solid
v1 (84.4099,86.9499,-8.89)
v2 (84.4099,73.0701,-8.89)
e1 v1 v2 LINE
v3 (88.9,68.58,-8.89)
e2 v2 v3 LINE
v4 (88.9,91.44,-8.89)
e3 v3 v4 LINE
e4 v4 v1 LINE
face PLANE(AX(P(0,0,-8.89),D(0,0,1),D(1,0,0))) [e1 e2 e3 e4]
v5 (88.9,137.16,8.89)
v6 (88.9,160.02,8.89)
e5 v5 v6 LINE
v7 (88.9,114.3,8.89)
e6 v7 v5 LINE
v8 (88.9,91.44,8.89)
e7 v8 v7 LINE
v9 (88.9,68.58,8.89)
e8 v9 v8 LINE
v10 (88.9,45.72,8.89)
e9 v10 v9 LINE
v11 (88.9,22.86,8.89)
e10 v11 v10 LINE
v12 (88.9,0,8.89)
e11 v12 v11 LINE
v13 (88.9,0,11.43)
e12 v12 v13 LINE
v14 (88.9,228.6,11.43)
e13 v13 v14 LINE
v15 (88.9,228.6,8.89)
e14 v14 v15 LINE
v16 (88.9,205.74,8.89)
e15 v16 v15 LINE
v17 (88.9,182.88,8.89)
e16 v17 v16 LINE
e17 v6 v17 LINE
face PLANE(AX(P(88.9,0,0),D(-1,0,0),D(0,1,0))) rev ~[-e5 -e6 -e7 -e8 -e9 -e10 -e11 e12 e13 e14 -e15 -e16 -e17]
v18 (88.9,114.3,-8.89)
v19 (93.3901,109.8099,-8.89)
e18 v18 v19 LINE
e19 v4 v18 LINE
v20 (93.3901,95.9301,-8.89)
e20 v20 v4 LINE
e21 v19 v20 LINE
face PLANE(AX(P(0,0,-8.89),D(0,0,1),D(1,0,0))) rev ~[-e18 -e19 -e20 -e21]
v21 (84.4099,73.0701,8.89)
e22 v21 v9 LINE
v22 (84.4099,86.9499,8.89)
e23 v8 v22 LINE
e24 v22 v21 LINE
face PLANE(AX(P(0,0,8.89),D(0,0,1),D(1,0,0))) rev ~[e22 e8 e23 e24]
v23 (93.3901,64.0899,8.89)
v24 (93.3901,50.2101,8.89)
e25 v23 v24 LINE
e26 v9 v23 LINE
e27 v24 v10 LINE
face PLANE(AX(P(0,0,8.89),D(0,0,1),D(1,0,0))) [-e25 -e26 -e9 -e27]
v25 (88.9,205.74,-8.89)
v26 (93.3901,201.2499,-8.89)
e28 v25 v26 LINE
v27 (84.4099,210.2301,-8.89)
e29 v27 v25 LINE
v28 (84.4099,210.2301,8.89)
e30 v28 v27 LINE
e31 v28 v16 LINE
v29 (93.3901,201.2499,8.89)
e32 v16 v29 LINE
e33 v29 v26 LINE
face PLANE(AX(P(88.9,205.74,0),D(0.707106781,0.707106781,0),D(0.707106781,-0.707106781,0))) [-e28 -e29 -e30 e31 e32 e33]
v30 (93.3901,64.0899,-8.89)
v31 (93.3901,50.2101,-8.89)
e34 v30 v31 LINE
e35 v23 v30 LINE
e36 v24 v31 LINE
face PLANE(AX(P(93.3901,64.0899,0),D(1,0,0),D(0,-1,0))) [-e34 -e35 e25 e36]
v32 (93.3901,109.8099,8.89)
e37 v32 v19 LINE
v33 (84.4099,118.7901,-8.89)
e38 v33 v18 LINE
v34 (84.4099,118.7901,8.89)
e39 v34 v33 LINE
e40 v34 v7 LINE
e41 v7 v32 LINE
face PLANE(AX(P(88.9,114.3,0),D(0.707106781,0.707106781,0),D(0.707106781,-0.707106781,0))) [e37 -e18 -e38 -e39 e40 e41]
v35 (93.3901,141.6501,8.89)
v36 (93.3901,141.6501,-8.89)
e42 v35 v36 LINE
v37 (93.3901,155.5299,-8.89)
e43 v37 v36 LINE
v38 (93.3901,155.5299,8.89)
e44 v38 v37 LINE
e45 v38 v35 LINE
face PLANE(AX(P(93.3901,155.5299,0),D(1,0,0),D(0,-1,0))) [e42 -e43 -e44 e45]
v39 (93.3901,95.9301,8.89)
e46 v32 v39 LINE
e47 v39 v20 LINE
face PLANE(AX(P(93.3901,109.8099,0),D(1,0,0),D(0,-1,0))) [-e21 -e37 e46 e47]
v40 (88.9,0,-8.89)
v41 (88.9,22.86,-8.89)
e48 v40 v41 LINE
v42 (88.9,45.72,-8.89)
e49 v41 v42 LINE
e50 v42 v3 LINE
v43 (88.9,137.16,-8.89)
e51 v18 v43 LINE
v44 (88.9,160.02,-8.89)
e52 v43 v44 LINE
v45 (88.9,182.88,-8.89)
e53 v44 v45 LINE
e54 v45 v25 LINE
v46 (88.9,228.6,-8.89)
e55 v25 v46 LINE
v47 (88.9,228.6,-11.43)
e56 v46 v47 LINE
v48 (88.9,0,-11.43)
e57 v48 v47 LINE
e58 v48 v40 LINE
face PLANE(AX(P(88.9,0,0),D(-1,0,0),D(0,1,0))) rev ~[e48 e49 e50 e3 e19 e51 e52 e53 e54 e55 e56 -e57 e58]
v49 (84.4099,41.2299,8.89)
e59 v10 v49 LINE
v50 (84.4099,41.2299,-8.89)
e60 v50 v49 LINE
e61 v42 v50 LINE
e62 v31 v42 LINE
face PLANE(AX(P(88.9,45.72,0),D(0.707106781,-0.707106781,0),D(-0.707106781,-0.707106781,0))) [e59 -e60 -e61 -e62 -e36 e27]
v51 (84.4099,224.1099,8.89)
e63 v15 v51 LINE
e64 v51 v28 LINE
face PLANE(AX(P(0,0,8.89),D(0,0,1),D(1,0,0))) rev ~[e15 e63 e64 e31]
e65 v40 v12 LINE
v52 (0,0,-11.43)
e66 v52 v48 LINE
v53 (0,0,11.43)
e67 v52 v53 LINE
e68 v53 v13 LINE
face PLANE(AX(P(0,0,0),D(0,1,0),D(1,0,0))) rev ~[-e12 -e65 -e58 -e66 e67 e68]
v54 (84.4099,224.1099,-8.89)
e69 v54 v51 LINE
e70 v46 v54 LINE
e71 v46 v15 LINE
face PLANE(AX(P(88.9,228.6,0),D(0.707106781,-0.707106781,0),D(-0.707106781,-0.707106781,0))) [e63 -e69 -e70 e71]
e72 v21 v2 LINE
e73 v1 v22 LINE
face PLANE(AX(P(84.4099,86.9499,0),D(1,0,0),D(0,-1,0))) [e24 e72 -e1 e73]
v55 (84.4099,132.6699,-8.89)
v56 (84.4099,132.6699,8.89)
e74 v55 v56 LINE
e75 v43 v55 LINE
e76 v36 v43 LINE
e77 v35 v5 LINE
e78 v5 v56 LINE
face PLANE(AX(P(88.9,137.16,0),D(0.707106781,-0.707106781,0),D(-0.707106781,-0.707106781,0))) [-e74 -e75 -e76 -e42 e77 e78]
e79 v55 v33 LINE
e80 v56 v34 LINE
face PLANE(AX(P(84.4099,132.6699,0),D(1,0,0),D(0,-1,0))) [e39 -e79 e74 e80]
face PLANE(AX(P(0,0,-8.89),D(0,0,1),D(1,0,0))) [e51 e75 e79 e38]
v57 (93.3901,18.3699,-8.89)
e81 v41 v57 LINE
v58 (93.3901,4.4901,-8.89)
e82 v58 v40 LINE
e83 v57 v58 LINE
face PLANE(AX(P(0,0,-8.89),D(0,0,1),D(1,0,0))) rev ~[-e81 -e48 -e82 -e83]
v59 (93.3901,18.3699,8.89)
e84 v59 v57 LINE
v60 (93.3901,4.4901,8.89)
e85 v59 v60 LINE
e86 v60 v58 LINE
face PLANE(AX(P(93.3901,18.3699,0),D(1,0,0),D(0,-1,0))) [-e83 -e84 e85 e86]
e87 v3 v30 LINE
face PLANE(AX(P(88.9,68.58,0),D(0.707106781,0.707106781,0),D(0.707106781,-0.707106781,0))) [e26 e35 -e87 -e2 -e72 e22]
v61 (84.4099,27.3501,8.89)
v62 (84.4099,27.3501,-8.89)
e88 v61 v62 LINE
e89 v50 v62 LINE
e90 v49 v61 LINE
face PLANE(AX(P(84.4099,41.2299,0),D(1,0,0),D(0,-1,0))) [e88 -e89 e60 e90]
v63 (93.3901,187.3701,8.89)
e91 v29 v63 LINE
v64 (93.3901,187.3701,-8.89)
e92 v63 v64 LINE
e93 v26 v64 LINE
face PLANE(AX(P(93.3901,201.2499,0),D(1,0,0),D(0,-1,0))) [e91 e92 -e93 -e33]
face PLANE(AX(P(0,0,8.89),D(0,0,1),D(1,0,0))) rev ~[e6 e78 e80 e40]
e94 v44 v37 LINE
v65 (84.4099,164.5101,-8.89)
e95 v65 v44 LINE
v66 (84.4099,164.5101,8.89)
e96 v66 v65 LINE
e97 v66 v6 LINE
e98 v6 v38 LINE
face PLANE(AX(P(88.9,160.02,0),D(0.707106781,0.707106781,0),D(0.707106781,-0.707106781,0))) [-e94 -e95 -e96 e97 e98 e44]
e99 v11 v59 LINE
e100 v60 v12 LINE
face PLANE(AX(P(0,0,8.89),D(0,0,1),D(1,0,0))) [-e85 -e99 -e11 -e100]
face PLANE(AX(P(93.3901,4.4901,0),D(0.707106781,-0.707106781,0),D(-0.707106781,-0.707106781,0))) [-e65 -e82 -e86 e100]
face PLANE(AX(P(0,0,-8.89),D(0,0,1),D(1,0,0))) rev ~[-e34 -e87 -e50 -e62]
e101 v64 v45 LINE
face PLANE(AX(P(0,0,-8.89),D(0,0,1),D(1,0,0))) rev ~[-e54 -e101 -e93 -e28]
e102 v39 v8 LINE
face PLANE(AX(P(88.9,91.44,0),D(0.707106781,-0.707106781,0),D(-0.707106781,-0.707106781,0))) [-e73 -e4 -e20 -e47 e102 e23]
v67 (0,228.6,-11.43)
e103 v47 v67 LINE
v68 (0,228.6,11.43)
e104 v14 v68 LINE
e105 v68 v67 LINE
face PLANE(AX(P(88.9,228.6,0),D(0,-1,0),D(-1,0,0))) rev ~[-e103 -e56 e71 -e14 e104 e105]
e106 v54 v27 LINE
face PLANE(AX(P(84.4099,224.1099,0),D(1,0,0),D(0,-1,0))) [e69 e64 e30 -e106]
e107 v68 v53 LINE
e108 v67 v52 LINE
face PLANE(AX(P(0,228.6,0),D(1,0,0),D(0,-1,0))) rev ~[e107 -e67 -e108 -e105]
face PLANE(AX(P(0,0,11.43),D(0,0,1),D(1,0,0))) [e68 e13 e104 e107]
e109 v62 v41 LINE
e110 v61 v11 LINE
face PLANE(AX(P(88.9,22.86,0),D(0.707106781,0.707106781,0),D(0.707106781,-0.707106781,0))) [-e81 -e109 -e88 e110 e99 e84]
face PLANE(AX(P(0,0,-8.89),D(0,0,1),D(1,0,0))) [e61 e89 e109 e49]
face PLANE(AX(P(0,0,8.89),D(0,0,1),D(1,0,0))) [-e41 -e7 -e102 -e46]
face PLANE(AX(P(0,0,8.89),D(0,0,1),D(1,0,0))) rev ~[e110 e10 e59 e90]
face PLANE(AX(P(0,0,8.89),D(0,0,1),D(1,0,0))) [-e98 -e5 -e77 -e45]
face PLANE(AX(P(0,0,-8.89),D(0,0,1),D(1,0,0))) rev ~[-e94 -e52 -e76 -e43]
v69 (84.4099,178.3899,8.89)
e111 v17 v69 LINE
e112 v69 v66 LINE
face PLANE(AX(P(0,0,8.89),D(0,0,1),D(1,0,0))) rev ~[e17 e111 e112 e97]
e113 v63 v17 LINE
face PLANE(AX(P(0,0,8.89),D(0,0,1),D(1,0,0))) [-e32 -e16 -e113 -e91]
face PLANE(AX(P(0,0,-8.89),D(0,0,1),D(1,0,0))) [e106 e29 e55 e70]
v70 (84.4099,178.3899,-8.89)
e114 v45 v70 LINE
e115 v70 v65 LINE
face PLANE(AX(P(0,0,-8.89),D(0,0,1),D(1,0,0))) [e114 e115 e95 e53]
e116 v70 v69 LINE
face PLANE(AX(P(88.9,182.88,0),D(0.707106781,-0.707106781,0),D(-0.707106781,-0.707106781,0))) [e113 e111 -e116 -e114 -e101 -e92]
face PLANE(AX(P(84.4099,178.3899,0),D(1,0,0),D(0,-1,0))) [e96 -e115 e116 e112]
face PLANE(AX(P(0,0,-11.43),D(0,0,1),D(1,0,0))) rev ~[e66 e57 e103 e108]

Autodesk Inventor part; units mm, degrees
ref_plane "YZ Plane" through (0, 0, 0) normal (1, 0, 0) x (0, 1, 0)
ref_plane "XZ Plane" through (0, 0, 0) normal (0, 1, 0) x (-1, 0, 0)
ref_plane "XY Plane" through (0, 0, 0) normal (0, 0, 1) x (1, 0, 0)
sketch "Sketch1" plane through (0, 0, 0) normal (0, 0, 1) x (1, 0, 0)
  line L0 (0, 0) -> (88.9, 0)
  line L1 (88.9, 0) -> (88.9, 228.6)
  line L2 (88.9, 228.6) -> (0, 228.6)
  line L3 (0, 228.6) -> (0, 0)
  dimension "d0" = 88.9
  dimension "d1" = 228.6
extrude "door" add sketch "Sketch1" along normal mid plane 22.86
sketch "Sketch2" plane through (0, 0, 0) normal (0, 0, 1) x (1, 0, 0)
  line L0 (88.9, 228.6) -> (0, 228.6) projected
  line L1 (88.9, 0) -> (0, 0) projected
  line L2 (88.9, 228.6) -> (84.4099, 224.1099)
  line L3 (84.4099, 224.1099) -> (84.4099, 210.2301)
  line L4 (84.4099, 210.2301) -> (88.9, 205.74)
  line L5 (88.9, 205.74) -> (93.3901, 201.2499)
  line L6 (93.3901, 201.2499) -> (93.3901, 187.3701)
  line L7 (93.3901, 187.3701) -> (88.9, 182.88)
  line L8 (88.9, 182.88) -> (84.4099, 178.3899)
  line L9 (84.4099, 178.3899) -> (84.4099, 164.5101)
  line L10 (84.4099, 164.5101) -> (88.9, 160.02)
  line L11 (88.9, 160.02) -> (93.3901, 155.5299)
  line L12 (93.3901, 155.5299) -> (93.3901, 141.6501)
  line L13 (93.3901, 141.6501) -> (88.9, 137.16)
  line L14 (88.9, 137.16) -> (84.4099, 132.6699)
  line L15 (84.4099, 132.6699) -> (84.4099, 118.7901)
  line L16 (84.4099, 118.7901) -> (88.9, 114.3)
  line L17 (88.9, 114.3) -> (93.3901, 109.8099)
  line L18 (93.3901, 109.8099) -> (93.3901, 95.9301)
  line L19 (93.3901, 95.9301) -> (88.9, 91.44)
  line L20 (88.9, 91.44) -> (84.4099, 86.9499)
  line L21 (84.4099, 86.9499) -> (84.4099, 73.0701)
  line L22 (84.4099, 73.0701) -> (88.9, 68.58)
  line L23 (88.9, 68.58) -> (93.3901, 64.0899)
  line L24 (93.3901, 64.0899) -> (93.3901, 50.2101)
  line L25 (93.3901, 50.2101) -> (88.9, 45.72)
  line L26 (88.9, 45.72) -> (84.4099, 41.2299)
  line L27 (84.4099, 41.2299) -> (84.4099, 27.3501)
  line L28 (84.4099, 27.3501) -> (88.9, 22.86)
  line L29 (88.9, 22.86) -> (93.3901, 18.3699)
  line L30 (93.3901, 18.3699) -> (93.3901, 4.4901)
  line L31 (93.3901, 4.4901) -> (88.9, 0)
  line L32 (88.9, 0) -> (88.9, 22.86)
  line L33 (88.9, 22.86) -> (88.9, 45.72)
  line L34 (88.9, 45.72) -> (88.9, 68.58)
  line L35 (88.9, 68.58) -> (88.9, 91.44)
  line L36 (88.9, 91.44) -> (88.9, 114.3)
  line L37 (88.9, 114.3) -> (88.9, 137.16)
  line L38 (88.9, 137.16) -> (88.9, 160.02)
  line L39 (88.9, 160.02) -> (88.9, 182.88)
  line L40 (88.9, 182.88) -> (88.9, 205.74)
  line L41 (88.9, 205.74) -> (88.9, 228.6)
  point P0 (84.4099, 217.17)
  point P1 (93.3901, 194.31)
  point P2 (84.4099, 171.45)
  point P3 (93.3901, 148.59)
  point P4 (84.4099, 125.73)
  point P5 (93.3901, 102.87)
  point P6 (84.4099, 80.01)
  point P7 (93.3901, 57.15)
  point P8 (84.4099, 34.29)
  dimension "d7" = 228.6
  dimension "d23" = 6.35
  dimension "d24" = 228.6
  dimension "d25" = 11.43
  dimension "d26" = 11.43
  dimension "d27" = 11.43
  dimension "d28" = 11.43
  dimension "d29" = 11.43
  dimension "d30" = 11.43
  dimension "d31" = 11.43
  dimension "d32" = 11.43
  dimension "d34" = 45
  dimension "d35" = 45
extrude "teeth cut" cut sketch "Sketch2" along normal mid plane 17.78 contours L41 L4 L3 L2 | L33 L28 L27 L26 | L35 L22 L21 L20 | L37 L16 L15 L14 | L39 L10 L9 L8
extrude "teeth make" add sketch "Sketch2" along normal mid plane 17.78 contours L29 L30 L31 L32 | L23 L24 L25 L34 | L17 L18 L19 L36 | L11 L12 L13 L38 | L5 L6 L7 L40
equation "\"d25\" = d33"
equation "\"d26\" = d33"
equation "\"d27\" = d33"
equation "\"d28\" = d33"
equation "\"d29\" = d33"
equation "\"d30\" = d33"
equation "\"d31\" = d33"
equation "\"d32\" = d33"
equation "\"d21\" = d19"
equation "\"d33\" = 0.05 * d24"
equation "\"d19\" = 17.78"
properties part number "door (left side) 2nd map"
